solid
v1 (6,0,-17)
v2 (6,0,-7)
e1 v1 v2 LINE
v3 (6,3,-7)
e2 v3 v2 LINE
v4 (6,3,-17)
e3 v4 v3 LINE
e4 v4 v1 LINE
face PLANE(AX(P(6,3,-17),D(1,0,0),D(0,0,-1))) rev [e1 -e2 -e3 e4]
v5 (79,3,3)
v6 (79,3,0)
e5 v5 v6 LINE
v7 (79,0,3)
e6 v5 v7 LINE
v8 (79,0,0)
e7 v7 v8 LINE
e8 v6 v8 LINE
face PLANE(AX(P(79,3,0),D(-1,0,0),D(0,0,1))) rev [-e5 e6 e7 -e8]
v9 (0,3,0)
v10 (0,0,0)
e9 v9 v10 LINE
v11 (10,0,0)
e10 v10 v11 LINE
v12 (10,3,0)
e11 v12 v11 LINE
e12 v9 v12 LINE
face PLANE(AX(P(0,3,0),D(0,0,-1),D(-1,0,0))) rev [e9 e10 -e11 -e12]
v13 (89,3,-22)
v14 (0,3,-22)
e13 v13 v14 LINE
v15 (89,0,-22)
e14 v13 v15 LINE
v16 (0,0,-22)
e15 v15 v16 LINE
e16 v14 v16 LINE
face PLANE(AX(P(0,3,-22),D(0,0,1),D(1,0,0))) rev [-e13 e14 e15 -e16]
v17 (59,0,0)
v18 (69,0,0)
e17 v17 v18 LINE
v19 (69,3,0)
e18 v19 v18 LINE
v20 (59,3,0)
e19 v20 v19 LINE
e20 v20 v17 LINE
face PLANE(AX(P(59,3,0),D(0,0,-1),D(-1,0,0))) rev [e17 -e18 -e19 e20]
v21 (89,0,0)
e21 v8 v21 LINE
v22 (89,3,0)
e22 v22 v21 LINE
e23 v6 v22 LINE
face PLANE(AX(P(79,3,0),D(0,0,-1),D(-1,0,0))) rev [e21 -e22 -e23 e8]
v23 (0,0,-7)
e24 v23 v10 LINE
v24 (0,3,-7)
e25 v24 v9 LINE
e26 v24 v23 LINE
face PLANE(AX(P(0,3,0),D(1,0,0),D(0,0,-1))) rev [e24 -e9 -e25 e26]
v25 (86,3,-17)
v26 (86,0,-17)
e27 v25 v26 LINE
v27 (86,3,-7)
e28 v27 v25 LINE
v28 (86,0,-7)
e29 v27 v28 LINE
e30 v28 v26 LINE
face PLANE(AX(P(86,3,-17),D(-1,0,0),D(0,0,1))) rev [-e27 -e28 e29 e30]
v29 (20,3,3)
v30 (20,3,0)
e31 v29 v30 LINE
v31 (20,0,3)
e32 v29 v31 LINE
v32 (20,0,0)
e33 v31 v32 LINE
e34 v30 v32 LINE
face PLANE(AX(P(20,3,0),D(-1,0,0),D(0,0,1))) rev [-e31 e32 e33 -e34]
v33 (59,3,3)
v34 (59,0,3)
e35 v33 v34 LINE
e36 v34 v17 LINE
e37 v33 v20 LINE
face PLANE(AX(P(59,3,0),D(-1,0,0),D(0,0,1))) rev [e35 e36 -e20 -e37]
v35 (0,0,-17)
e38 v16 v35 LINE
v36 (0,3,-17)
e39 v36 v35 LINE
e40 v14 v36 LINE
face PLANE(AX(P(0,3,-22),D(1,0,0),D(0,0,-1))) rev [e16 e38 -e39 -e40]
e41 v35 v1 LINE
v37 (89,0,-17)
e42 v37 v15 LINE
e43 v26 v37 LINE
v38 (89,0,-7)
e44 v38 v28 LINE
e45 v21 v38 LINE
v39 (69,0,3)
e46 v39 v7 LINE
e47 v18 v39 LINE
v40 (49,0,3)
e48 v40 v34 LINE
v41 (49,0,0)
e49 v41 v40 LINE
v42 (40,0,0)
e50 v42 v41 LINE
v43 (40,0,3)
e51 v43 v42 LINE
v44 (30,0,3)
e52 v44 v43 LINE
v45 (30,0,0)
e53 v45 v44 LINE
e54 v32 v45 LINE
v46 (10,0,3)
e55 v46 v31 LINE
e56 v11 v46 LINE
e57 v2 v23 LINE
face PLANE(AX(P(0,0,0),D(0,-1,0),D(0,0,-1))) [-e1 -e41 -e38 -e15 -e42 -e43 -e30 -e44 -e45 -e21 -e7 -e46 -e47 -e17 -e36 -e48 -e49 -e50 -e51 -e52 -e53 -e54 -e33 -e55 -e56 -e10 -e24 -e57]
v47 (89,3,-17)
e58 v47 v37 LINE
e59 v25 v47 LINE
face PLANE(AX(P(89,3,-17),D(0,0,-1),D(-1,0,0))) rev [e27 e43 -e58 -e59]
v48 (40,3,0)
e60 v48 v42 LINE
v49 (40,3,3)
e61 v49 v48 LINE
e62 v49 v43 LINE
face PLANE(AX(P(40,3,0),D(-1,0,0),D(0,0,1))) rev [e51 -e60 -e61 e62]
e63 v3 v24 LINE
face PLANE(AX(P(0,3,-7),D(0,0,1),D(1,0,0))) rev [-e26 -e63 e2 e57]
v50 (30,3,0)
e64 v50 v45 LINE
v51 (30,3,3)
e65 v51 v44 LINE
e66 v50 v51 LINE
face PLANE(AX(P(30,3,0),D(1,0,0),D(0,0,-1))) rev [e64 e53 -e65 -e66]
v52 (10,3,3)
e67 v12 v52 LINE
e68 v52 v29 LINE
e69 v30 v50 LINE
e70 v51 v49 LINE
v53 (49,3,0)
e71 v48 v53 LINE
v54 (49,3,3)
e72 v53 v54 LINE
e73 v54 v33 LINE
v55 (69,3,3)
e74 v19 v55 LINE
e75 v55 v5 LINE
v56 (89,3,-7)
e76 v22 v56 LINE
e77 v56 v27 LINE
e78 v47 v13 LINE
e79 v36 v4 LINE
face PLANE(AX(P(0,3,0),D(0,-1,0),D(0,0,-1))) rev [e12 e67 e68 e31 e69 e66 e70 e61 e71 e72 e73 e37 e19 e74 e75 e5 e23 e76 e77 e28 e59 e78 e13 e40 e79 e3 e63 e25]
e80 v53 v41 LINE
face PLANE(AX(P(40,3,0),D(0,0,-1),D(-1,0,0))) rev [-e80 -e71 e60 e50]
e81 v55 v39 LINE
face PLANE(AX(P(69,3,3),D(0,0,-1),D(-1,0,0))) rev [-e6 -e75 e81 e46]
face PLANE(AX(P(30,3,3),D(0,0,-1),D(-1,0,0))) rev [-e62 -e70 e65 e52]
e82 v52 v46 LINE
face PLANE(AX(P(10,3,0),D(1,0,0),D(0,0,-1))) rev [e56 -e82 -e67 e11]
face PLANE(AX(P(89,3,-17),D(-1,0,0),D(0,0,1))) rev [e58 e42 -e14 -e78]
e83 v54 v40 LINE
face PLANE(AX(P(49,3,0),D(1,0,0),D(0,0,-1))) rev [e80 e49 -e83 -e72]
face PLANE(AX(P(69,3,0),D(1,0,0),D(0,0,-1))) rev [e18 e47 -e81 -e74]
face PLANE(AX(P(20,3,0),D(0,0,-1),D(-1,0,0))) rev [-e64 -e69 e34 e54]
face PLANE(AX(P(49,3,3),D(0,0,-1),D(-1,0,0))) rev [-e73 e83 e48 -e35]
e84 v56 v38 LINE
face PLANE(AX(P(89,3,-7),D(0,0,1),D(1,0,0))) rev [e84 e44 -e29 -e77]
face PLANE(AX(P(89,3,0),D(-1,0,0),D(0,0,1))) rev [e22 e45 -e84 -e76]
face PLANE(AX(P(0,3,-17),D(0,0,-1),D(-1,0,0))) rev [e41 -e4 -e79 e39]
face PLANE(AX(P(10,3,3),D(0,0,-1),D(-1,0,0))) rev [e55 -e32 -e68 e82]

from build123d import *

# Parameters (mm, degrees)
BOSS_EXTRUDE1_DEPTH = 3


with BuildPart() as part:
    # Sketch1 → Boss-Extrude1 (new body)
    with BuildSketch(Plane(origin=(0, 0, 0), x_dir=(1, 0, 0), z_dir=(0, 1, 0))):
        Polygon((89, 17), (89, 22), (0, 22), (0, 17), (6, 17), (6, 7), (0, 7), (0, 0), (10, 0), (10, -3), (20, -3), (20, 0), (30, 0), (30, -3), (40, -3), (40, 0), (49, 0), (49, -3), (59, -3), (59, 0), (69, 0), (69, -3), (79, -3), (79, 0), (89, 0), (89, 7), (86, 7), (86, 17), align=None)
    extrude(amount=BOSS_EXTRUDE1_DEPTH)


solid = part.part
